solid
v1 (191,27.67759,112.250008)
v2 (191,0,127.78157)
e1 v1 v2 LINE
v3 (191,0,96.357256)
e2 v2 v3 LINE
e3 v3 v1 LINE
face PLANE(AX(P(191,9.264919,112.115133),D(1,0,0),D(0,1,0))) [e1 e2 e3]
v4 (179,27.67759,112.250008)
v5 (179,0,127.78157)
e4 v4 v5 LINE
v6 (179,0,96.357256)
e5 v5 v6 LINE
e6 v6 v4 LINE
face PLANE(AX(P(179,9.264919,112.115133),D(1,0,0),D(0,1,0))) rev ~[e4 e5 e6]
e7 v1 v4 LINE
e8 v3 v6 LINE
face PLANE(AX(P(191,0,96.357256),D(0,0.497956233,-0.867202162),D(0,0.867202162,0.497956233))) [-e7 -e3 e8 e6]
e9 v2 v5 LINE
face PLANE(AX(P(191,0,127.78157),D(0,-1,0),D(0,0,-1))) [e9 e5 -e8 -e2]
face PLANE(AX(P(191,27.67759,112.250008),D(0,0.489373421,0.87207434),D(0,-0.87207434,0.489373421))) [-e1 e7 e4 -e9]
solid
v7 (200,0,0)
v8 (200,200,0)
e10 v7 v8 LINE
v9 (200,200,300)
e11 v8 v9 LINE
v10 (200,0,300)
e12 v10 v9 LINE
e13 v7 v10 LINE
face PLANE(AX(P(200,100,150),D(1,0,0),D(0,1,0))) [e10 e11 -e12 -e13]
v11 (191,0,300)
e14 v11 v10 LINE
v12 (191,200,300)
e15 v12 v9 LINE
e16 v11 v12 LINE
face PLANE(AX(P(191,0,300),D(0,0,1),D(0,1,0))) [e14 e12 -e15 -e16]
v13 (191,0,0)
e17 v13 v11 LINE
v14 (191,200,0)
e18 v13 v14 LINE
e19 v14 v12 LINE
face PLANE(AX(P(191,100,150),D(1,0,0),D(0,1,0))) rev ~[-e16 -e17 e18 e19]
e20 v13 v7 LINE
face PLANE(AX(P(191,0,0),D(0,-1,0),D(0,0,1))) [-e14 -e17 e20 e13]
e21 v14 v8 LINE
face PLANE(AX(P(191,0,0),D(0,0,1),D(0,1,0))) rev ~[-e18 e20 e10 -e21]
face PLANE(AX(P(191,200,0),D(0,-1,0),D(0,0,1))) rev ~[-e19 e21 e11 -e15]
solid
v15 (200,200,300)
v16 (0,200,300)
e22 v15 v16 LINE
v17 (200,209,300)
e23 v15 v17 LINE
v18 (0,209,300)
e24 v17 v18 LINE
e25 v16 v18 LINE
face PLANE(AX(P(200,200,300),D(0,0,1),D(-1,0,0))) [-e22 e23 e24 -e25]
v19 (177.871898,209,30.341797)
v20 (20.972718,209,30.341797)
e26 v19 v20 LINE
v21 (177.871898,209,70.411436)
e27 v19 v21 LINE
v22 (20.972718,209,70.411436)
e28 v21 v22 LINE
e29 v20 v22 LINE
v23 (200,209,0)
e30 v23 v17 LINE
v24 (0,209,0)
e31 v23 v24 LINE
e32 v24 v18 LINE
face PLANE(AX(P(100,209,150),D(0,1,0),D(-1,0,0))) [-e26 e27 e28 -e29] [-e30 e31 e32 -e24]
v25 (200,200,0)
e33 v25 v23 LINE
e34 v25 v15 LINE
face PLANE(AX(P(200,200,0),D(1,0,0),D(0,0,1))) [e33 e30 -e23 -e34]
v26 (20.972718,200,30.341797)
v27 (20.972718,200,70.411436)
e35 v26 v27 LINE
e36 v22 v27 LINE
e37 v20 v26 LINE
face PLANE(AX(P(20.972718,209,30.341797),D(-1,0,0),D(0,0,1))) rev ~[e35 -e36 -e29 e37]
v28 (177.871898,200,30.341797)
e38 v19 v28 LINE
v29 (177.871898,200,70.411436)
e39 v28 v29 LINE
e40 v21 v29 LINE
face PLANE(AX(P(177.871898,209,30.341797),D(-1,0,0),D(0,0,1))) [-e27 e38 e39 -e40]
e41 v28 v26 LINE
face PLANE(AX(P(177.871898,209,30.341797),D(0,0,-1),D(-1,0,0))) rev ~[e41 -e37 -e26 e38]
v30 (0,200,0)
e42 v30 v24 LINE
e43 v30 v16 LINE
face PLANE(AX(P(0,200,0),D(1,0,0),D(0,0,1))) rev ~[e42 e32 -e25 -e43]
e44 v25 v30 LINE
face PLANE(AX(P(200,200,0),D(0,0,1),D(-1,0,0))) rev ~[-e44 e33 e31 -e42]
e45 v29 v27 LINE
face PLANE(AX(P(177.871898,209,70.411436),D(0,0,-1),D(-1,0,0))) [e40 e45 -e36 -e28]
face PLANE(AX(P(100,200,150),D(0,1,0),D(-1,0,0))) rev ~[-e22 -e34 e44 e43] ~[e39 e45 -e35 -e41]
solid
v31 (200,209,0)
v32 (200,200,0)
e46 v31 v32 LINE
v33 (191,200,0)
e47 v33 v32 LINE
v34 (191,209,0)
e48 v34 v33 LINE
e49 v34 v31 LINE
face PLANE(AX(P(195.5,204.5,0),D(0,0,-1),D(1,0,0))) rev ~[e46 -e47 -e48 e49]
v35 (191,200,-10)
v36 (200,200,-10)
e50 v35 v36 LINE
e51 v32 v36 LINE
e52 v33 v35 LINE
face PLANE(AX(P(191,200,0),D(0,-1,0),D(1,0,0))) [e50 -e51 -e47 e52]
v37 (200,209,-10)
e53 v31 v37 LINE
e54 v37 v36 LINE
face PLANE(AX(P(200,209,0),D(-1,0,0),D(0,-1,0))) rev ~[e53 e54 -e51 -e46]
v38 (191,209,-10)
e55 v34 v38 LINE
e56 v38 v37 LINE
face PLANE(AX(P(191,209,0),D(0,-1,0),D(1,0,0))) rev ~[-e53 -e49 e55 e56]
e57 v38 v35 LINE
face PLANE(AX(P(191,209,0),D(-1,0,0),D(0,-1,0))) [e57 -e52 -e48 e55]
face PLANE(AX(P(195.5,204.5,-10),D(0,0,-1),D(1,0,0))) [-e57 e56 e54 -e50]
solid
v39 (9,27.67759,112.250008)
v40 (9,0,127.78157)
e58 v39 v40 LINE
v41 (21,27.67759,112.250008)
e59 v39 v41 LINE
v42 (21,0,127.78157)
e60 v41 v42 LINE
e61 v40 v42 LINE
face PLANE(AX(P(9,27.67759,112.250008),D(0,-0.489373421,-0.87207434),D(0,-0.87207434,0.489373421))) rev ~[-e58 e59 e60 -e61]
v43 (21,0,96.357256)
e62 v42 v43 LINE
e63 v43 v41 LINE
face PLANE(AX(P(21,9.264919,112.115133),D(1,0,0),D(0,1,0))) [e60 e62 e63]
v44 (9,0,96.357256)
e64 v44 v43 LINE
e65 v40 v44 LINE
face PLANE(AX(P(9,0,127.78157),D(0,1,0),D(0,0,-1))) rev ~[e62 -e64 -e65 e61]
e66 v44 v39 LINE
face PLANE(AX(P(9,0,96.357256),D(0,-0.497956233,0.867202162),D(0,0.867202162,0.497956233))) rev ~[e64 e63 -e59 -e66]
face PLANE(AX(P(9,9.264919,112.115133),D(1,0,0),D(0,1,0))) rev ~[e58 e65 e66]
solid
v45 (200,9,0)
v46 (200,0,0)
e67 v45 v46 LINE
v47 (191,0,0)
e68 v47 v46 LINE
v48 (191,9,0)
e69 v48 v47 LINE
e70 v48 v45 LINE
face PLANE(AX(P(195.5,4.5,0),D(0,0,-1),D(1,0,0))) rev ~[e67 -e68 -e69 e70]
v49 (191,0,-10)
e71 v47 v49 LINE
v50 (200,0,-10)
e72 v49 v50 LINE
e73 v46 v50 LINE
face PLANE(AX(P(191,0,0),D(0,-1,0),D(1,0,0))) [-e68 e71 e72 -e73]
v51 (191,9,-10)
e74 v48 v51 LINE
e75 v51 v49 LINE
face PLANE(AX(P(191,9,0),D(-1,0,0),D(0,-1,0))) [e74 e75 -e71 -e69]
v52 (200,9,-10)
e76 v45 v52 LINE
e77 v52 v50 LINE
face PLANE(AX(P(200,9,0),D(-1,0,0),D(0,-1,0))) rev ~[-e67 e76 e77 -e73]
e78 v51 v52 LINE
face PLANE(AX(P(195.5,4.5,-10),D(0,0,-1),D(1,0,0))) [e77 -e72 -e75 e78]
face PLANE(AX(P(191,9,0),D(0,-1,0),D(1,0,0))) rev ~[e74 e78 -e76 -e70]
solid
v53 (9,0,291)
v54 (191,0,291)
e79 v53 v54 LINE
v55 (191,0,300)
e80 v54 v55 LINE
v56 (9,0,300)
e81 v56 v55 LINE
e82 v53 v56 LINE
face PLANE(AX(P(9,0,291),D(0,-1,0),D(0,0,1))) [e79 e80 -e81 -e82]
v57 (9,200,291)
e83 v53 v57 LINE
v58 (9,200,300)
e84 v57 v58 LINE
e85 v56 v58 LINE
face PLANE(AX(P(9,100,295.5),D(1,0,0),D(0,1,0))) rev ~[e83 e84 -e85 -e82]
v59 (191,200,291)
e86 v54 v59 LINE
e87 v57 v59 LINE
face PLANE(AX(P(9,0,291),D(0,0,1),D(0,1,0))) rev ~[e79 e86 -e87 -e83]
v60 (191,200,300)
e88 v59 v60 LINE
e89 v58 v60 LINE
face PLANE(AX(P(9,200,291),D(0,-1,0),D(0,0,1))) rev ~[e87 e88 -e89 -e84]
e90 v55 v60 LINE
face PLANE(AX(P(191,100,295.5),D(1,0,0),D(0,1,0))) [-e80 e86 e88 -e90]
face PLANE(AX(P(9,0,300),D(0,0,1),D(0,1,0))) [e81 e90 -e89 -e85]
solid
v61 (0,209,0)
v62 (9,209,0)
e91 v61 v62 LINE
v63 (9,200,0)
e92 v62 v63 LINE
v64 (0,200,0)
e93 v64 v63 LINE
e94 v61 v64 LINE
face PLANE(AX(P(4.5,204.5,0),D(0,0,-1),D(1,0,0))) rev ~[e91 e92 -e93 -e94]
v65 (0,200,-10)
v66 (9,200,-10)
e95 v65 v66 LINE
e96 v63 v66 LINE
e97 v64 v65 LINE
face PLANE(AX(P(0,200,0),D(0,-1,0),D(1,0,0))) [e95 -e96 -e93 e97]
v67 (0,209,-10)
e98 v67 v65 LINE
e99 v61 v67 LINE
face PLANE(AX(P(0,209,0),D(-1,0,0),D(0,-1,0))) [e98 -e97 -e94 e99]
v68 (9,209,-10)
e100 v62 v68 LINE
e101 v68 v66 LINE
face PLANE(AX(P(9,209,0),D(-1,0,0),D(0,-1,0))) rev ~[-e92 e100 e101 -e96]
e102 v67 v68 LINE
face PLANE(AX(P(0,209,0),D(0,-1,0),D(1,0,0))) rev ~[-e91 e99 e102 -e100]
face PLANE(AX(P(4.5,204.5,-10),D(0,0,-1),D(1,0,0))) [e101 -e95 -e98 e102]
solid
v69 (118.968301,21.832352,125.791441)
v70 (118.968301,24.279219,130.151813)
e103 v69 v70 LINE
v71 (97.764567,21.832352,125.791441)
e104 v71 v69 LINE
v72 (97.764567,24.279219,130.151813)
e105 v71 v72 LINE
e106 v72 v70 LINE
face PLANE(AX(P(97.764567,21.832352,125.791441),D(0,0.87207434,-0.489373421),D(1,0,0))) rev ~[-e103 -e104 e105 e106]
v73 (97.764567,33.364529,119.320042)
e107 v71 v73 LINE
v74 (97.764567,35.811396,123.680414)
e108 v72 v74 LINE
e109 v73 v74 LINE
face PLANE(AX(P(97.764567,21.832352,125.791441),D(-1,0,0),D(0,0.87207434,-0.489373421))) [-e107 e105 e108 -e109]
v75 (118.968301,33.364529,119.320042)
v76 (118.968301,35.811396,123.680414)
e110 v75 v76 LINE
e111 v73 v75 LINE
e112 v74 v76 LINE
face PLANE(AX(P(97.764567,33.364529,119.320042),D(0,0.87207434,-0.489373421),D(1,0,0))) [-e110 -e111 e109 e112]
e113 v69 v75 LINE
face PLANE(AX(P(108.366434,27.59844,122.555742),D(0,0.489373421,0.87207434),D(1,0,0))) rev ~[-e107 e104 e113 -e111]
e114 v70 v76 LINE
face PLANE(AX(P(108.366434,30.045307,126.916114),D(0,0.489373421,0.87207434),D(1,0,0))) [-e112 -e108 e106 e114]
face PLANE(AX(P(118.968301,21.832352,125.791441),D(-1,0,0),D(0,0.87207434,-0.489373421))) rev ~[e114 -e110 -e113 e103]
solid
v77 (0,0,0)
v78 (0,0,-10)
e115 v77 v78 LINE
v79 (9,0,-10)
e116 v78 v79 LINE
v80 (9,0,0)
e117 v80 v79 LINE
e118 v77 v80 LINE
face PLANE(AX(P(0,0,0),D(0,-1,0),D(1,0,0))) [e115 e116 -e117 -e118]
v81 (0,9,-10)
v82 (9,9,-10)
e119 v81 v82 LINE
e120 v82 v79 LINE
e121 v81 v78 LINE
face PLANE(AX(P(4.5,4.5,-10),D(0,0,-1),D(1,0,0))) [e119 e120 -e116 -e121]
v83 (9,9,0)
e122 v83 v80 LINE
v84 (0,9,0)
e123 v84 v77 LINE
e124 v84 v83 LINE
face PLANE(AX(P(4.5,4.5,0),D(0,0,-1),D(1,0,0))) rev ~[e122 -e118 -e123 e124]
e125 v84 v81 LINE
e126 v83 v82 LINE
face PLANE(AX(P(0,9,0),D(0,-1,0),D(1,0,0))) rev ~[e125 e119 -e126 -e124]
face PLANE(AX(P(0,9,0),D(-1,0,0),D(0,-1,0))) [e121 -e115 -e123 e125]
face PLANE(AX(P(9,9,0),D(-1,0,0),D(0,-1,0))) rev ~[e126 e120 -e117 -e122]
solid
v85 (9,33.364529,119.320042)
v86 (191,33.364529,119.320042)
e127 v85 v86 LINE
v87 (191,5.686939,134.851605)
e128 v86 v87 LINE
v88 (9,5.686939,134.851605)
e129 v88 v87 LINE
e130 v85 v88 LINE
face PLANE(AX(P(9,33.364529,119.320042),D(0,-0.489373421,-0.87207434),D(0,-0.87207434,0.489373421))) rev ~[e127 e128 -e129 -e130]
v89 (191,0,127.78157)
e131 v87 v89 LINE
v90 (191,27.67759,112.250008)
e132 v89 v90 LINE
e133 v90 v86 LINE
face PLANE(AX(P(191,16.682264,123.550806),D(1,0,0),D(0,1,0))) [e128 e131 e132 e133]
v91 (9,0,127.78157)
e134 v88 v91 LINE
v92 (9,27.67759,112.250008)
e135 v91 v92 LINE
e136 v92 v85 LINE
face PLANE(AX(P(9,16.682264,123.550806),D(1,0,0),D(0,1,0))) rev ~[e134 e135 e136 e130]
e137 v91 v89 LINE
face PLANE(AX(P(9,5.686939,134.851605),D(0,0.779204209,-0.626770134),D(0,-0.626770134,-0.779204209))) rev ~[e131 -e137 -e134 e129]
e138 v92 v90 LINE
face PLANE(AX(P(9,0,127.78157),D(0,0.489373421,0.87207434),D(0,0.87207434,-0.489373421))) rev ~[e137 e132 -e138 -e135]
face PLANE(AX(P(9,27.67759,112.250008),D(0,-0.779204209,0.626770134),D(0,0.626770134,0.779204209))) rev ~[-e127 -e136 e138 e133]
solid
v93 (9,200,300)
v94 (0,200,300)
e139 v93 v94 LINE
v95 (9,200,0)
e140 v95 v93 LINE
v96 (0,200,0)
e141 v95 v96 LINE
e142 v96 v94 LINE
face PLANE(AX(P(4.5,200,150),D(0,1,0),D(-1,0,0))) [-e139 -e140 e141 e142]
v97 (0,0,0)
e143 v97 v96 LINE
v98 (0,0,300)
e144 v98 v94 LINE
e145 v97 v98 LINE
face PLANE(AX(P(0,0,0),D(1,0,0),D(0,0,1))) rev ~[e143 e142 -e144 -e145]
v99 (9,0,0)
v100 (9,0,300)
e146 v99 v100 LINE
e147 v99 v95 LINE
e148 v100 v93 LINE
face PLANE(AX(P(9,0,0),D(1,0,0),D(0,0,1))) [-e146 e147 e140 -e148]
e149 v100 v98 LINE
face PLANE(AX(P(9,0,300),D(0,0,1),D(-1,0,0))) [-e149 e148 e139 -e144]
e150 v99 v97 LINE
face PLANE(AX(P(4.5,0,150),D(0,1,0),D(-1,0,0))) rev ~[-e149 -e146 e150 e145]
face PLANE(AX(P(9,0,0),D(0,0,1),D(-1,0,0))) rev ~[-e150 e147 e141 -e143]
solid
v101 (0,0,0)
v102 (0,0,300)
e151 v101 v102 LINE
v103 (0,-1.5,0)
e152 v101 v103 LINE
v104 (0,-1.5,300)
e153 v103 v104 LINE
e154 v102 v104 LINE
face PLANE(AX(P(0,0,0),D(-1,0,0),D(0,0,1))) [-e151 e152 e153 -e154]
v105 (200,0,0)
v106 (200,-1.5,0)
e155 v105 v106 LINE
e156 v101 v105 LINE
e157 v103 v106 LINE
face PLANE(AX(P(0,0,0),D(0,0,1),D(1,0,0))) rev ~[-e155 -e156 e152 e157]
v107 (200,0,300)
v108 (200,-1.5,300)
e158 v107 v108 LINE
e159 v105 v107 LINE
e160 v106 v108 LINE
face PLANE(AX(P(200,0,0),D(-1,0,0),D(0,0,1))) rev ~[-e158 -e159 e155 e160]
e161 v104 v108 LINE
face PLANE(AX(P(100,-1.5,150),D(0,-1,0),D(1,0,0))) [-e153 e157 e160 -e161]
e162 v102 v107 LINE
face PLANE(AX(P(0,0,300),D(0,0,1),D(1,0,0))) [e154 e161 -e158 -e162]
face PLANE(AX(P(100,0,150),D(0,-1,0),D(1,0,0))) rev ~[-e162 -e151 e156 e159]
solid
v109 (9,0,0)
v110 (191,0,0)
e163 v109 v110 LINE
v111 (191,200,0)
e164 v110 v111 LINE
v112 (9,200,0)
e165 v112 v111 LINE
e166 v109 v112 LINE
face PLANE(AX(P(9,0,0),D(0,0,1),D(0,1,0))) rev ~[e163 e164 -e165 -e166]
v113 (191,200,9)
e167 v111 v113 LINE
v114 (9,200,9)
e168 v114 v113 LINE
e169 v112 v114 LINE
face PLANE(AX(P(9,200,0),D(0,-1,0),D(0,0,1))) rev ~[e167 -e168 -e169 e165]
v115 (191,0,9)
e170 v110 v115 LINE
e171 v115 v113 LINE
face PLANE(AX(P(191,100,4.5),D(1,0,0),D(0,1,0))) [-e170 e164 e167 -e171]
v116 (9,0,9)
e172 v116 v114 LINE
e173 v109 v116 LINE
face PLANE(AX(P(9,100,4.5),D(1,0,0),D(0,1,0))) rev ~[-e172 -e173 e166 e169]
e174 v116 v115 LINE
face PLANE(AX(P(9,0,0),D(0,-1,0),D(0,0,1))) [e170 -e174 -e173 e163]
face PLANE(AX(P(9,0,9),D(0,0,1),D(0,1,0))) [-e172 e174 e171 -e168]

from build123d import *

# Parameters (mm, degrees)
F0_W      = 200
F0_H      = 300
F1_DEPTH  = 1.5
F2_W      = 9
F2_H      = 300
F3_DEPTH  = 200
F5_DEPTH  = 12
F7_DEPTH  = 182
F8_W      = 21.2037339807
F8_H      = 13.2238465644
F9_DEPTH  = 5
F11_DEPTH = 12
F12_W     = 200
F12_H     = 9
F13_DEPTH = 182
F14_W     = 200
F14_H     = 9
F15_DEPTH = 182
F16_W     = 200
F16_H     = 300
F17_DEPTH = 9
F18_W     = 200
F18_H     = 300
F19_DEPTH = 9
F20_W     = 156.8991802633
F20_H     = 40.0696396828
F21_DEPTH = 9
F22_W     = 9
F22_H     = 9
F23_DEPTH = 10


with BuildPart() as f1:
    # F0 (on Front) → F1 (new body)
    with BuildSketch(Plane.XZ):
        with Locations((100, 150)):
            Rectangle(F0_W, F0_H)
    extrude(amount=F1_DEPTH)


with BuildPart() as f3:
    # F2 (on face) → F3 (new body)
    with BuildSketch(Plane(origin=(0, 0, 0), x_dir=(-1, 0, 0), z_dir=(0, 1, 0))):
        with Locations((-4.5, 150)):
            Rectangle(F2_W, F2_H)
    extrude(amount=F3_DEPTH)


with BuildPart() as f5:
    # F4 (on face) → F5 (new body)
    with BuildSketch(Plane.YZ.offset(9)):
        Polygon((0, 127.7815699577), (0, 96.3572561741), (27.6775900275, 112.250007689), align=None)
    extrude(amount=F5_DEPTH)


with BuildPart() as f7:
    # F6 (on face) → F7 (new body)
    with BuildSketch(Plane.YZ.offset(9)):
        Polygon((0, 127.7815699577), (27.6775900275, 112.250007689), (33.3645287901, 119.3200424314), (5.6869387627, 134.8516047001), align=None)
    extrude(amount=F7_DEPTH)


with BuildPart() as f9:
    # F8 (on face) → F9 (new body)
    with BuildSketch(Plane(origin=(0, 58.9125639544, 104.9835016197), x_dir=(1, 0, 0), z_dir=(0, 0.489373421, 0.8720743402))):
        with Locations((108.366433531, -35.9076312136)):
            Rectangle(F8_W, F8_H)
    extrude(amount=F9_DEPTH)


with BuildPart() as f11:
    # F10 (on face) → F11 (new body)
    with BuildSketch(Plane.YZ.offset(191)):
        Polygon((0, 127.7815699577), (0, 96.3572561741), (27.6775900275, 112.250007689), align=None)
    extrude(amount=-F11_DEPTH)


with BuildPart() as f13:
    # F12 (on face) → F13 (new body)
    with BuildSketch(Plane.YZ.offset(9)):
        with Locations((100, 295.5)):
            Rectangle(F12_W, F12_H)
    extrude(amount=F13_DEPTH)


with BuildPart() as f15:
    # F14 (on face) → F15 (new body)
    with BuildSketch(Plane.YZ.offset(9)):
        with Locations((100, 4.5)):
            Rectangle(F14_W, F14_H)
    extrude(amount=F15_DEPTH)


with BuildPart() as f17:
    # F16 (on face) → F17 (new body)
    with BuildSketch(Plane.YZ.offset(191)):
        with Locations((100, 150)):
            Rectangle(F16_W, F16_H)
    extrude(amount=F17_DEPTH)


with BuildPart() as f19:
    # F18 (on face) → F19 (new body)
    with BuildSketch(Plane(origin=(0, 200, 0), x_dir=(-1, 0, 0), z_dir=(0, 1, 0))):
        with Locations((-100, 150)):
            Rectangle(F18_W, F18_H)
    extrude(amount=F19_DEPTH)

    # F20 (on face) → F21 (cut)
    with BuildSketch(Plane(origin=(0, 209, 0), x_dir=(-1, 0, 0), z_dir=(0, 1, 0))):
        with Locations((-99.422307685, 50.3766164184)):
            Rectangle(F20_W, F20_H)
    extrude(amount=-F21_DEPTH, mode=Mode.SUBTRACT)


with BuildPart() as f23:
    # F22 (on face) → F23 (new body)
    with BuildSketch(Plane(origin=(0, 0, 0), x_dir=(1, 0, 0), z_dir=(0, 0, -1))):
        with Locations((195.5, -4.5)):
            Rectangle(F22_W, F22_H)
    extrude(amount=F23_DEPTH)


with BuildPart() as f23b:
    # F22 (on face) → F23, piece 2 (new body)
    with BuildSketch(Plane(origin=(0, 0, 0), x_dir=(1, 0, 0), z_dir=(0, 0, -1))):
        with Locations((195.5, -204.5)):
            Rectangle(F22_W, F22_H)
    extrude(amount=F23_DEPTH)


with BuildPart() as f23c:
    # F22 (on face) → F23, piece 3 (new body)
    with BuildSketch(Plane(origin=(0, 0, 0), x_dir=(1, 0, 0), z_dir=(0, 0, -1))):
        with Locations((4.5, -204.5)):
            Rectangle(F22_W, F22_H)
    extrude(amount=F23_DEPTH)


with BuildPart() as f23d:
    # F22 (on face) → F23, piece 4 (new body)
    with BuildSketch(Plane(origin=(0, 0, 0), x_dir=(1, 0, 0), z_dir=(0, 0, -1))):
        with Locations((4.5, -4.5)):
            Rectangle(F22_W, F22_H)
    extrude(amount=F23_DEPTH)


solid = Compound([f1.part, f3.part, f5.part, f7.part, f9.part, f11.part, f13.part, f15.part, f17.part, f19.part, f23.part, f23b.part, f23c.part, f23d.part])
